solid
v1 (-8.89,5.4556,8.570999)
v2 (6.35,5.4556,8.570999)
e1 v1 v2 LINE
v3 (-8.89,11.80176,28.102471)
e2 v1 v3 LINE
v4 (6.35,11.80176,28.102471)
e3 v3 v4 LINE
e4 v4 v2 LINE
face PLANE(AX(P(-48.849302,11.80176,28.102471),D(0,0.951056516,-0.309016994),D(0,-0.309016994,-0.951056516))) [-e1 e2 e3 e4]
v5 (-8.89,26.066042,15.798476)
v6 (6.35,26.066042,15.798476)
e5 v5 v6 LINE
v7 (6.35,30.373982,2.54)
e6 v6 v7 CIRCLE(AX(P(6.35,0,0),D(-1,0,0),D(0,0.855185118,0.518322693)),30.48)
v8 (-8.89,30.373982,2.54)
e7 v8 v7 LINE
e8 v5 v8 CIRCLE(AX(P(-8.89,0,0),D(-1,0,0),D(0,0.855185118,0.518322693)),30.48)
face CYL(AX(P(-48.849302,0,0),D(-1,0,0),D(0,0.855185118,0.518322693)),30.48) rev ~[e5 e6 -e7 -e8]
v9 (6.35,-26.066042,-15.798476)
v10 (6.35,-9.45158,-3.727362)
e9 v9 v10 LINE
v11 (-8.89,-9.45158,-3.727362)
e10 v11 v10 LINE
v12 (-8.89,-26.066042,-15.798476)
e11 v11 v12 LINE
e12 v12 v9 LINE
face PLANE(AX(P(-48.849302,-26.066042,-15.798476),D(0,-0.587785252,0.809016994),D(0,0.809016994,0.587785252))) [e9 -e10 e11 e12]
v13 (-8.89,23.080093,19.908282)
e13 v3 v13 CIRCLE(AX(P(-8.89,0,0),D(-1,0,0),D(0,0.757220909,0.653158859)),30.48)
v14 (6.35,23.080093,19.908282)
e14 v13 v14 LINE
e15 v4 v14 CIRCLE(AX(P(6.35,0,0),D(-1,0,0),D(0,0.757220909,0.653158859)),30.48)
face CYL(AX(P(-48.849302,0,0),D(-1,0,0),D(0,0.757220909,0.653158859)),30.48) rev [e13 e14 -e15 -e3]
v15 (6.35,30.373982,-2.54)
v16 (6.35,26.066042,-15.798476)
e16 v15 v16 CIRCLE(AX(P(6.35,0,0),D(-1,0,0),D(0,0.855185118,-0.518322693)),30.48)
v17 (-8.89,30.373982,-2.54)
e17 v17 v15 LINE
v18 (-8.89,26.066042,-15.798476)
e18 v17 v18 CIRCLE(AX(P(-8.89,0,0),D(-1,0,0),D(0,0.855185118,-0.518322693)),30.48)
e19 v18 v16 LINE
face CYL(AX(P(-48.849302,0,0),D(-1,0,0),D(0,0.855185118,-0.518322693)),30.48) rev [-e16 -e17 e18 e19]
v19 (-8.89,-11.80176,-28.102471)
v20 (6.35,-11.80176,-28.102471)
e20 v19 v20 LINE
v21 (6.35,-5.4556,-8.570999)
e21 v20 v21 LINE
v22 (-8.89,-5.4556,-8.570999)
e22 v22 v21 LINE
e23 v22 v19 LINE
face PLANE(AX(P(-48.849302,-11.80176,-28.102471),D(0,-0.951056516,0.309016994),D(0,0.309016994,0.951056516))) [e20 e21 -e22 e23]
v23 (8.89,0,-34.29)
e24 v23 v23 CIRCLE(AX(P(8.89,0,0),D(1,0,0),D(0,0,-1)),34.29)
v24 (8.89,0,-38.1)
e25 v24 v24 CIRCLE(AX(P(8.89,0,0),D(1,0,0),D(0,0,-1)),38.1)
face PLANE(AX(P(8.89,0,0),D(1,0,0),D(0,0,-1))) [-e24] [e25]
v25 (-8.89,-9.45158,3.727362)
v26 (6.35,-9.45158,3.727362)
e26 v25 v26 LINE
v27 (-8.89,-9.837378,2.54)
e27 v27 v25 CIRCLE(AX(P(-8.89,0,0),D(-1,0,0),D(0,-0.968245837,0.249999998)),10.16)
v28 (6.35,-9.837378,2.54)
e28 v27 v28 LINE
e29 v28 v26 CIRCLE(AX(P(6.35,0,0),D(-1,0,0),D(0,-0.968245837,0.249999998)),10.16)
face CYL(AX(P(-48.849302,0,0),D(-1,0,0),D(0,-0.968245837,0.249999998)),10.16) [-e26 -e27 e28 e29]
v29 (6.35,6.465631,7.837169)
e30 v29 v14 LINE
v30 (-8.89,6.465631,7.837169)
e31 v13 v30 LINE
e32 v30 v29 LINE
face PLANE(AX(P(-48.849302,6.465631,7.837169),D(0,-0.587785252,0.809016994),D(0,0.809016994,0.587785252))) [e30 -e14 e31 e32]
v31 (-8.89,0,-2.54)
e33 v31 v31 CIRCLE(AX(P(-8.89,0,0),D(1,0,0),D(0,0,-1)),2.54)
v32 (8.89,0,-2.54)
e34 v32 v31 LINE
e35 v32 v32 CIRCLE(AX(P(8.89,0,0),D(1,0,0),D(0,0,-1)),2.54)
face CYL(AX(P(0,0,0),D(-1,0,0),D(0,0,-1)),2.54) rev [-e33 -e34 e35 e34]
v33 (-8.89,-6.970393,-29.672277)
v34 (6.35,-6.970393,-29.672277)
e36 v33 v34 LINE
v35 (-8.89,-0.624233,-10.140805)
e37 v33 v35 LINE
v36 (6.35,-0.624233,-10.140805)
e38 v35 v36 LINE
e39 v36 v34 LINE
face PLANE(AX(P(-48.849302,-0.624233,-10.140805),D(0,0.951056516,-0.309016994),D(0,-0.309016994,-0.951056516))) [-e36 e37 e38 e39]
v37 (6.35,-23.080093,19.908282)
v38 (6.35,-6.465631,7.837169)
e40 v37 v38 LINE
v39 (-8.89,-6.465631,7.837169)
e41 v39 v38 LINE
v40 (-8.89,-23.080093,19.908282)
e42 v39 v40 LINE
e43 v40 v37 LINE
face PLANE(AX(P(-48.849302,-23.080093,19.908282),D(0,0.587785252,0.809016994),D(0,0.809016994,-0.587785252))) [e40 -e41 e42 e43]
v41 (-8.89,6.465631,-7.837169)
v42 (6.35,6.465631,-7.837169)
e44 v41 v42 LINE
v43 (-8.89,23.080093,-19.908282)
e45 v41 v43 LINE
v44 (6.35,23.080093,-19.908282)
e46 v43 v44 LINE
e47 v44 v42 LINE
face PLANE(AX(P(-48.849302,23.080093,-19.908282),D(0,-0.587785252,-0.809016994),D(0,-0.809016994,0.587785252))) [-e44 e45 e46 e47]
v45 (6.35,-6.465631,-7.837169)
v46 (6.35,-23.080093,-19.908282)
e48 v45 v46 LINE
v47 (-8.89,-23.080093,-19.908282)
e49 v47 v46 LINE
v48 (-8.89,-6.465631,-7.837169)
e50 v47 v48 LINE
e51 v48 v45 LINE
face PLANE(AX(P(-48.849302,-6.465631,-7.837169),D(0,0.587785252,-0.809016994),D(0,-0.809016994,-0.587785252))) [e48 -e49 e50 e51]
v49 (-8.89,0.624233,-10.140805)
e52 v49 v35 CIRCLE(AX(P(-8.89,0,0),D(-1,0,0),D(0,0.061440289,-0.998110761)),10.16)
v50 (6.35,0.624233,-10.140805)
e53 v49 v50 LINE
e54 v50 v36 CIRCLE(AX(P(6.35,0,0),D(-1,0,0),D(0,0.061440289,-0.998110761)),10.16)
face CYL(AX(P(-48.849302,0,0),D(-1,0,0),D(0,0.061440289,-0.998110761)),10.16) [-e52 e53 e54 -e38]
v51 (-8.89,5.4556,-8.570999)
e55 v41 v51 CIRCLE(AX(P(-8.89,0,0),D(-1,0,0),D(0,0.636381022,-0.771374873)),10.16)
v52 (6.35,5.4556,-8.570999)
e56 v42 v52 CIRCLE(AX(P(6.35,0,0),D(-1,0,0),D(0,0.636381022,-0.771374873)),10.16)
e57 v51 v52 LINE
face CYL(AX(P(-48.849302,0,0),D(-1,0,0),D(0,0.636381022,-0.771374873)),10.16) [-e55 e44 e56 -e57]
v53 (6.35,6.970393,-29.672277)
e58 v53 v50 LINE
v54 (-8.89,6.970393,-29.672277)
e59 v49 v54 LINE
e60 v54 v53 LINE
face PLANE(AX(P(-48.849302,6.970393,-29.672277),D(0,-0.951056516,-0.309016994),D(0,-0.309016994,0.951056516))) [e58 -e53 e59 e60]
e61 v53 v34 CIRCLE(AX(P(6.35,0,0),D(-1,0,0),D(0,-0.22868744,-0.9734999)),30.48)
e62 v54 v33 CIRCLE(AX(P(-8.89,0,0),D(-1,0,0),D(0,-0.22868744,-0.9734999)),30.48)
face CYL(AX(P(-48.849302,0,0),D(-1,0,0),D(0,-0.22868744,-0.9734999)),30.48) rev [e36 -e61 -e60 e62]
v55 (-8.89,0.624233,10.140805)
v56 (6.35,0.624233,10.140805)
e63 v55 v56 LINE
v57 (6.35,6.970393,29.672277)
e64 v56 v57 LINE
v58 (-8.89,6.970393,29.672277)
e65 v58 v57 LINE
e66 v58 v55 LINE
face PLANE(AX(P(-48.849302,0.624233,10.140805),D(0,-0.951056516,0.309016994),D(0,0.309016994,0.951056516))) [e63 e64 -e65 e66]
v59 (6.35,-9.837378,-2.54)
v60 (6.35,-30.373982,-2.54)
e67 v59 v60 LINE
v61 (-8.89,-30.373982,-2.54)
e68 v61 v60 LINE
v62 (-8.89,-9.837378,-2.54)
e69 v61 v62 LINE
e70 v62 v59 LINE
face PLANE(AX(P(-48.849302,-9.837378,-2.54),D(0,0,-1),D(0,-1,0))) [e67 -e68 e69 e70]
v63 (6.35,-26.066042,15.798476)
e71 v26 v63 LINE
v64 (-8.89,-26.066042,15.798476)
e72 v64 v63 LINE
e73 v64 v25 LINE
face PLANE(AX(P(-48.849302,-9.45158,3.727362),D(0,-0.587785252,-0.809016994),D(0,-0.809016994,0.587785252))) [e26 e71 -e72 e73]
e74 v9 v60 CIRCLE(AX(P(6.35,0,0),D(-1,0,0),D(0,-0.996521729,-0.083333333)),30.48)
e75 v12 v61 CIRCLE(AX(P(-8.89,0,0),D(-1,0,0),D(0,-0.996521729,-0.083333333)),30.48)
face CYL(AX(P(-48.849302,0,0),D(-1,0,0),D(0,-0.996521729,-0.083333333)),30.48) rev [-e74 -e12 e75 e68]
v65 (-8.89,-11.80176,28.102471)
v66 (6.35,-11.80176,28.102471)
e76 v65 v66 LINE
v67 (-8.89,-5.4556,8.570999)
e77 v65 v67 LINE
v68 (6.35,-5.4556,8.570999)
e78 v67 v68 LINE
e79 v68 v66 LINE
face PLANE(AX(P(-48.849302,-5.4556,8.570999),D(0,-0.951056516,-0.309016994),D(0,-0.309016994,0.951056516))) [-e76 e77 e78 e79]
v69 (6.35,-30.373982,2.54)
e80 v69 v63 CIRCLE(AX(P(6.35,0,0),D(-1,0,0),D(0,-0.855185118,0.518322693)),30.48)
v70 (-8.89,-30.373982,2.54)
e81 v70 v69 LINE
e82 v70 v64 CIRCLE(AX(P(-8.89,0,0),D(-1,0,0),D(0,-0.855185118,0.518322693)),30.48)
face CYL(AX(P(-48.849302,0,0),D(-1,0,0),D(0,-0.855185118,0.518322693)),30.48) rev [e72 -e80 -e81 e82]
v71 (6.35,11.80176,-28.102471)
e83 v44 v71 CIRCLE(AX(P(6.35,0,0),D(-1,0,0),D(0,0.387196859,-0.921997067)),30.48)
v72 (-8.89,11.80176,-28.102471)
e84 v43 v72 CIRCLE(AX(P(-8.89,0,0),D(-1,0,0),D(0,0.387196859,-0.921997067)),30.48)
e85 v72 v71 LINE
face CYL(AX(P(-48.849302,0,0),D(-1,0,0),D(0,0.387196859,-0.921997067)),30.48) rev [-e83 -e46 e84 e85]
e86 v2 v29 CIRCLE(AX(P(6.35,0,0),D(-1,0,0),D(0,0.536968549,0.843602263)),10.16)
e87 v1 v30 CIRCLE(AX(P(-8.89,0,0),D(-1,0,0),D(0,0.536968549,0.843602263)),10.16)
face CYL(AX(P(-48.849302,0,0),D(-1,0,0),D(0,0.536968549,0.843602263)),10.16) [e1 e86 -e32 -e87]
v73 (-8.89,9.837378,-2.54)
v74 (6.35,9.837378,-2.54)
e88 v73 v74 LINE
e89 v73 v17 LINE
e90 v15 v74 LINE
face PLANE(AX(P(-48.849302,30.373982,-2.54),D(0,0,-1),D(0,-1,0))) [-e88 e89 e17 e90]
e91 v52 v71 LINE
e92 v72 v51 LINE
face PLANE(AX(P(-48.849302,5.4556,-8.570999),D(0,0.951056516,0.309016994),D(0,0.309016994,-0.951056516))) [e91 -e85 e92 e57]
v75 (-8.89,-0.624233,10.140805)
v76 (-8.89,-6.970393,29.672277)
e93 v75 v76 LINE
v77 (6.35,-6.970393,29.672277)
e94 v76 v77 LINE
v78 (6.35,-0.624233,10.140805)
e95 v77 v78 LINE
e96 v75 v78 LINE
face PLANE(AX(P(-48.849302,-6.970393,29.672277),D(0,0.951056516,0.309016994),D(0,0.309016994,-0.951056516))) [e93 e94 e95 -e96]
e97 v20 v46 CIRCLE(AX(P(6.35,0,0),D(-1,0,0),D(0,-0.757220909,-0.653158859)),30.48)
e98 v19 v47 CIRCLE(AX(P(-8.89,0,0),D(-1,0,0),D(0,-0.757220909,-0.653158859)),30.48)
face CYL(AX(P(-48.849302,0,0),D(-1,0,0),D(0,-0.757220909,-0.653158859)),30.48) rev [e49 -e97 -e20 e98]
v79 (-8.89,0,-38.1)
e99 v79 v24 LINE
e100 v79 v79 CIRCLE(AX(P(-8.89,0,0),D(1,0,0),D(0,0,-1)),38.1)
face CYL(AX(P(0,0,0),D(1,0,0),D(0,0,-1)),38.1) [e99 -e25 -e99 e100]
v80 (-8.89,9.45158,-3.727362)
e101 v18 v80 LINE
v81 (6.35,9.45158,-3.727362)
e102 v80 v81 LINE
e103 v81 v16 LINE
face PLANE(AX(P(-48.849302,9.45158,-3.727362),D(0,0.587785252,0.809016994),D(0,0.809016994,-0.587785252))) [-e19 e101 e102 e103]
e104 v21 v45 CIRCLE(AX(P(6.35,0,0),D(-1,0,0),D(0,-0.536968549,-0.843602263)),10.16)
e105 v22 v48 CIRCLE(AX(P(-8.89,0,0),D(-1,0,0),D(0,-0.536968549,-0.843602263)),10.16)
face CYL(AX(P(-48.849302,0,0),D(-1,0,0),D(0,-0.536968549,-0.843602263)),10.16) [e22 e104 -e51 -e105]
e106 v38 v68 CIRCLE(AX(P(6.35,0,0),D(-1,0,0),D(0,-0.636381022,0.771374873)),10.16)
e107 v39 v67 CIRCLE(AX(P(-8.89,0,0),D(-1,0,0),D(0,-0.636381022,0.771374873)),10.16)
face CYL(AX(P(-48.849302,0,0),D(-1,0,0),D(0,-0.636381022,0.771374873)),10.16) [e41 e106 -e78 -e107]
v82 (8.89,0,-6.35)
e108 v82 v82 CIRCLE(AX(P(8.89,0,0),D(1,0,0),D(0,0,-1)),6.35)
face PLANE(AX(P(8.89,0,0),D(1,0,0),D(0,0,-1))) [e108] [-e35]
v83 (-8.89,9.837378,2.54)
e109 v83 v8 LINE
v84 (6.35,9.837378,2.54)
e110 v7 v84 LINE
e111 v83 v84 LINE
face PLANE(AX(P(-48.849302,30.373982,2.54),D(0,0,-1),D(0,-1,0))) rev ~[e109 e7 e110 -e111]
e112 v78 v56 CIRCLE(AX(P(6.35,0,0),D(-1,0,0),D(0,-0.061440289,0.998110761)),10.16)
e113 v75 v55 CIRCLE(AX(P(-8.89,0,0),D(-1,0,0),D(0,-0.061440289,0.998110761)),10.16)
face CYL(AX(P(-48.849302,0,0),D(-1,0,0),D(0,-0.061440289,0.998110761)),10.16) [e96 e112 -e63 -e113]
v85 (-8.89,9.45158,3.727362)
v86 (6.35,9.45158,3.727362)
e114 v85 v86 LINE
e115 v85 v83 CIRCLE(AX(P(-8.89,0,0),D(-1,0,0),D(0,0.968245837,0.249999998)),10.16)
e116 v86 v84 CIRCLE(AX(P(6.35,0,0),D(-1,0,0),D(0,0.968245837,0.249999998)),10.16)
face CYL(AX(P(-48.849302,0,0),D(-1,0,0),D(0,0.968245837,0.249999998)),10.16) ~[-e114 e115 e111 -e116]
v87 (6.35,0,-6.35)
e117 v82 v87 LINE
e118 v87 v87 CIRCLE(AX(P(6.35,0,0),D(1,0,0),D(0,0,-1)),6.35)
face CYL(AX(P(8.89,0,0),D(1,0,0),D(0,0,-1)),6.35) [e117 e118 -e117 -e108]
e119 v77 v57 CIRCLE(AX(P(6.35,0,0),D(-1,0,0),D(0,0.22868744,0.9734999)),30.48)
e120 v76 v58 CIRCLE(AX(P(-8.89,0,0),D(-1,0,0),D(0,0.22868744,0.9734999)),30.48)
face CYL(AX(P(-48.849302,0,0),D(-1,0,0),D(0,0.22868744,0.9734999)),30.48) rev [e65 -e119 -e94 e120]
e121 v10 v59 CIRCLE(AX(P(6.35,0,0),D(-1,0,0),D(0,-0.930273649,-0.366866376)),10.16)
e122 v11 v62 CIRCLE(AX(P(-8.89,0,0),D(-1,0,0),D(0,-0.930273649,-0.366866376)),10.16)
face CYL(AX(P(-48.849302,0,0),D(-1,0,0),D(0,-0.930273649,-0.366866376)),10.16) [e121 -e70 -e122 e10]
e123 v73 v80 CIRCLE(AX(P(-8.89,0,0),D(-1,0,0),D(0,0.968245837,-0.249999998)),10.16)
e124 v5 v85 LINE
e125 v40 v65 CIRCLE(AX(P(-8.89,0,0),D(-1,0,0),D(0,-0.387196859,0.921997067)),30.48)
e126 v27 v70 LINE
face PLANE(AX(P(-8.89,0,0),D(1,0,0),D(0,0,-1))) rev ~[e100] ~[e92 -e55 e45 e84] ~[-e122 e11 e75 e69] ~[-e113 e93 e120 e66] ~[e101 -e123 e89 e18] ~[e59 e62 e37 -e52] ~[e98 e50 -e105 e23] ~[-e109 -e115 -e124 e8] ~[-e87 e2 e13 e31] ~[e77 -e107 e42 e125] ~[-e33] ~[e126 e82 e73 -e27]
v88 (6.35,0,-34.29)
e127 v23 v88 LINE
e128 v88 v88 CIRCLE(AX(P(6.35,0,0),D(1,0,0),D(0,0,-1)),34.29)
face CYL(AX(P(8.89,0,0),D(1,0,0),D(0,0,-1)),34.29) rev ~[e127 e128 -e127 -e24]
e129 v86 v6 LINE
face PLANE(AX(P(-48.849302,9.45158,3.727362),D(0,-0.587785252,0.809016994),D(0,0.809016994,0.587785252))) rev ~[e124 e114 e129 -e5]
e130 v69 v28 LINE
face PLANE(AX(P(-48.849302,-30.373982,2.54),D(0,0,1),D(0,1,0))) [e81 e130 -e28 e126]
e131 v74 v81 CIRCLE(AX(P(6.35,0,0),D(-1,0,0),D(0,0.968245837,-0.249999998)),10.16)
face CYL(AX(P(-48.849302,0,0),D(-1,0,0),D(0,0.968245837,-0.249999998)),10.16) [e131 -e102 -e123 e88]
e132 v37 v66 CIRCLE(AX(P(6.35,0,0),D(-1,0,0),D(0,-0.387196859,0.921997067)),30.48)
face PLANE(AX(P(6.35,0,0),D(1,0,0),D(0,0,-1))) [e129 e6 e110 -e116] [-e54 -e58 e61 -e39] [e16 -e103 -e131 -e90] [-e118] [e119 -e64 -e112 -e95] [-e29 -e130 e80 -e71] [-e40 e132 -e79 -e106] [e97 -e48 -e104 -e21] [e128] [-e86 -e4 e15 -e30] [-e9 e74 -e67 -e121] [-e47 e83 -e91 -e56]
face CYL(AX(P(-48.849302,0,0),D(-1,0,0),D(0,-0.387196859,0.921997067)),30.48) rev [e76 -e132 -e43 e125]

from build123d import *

# Parameters (mm, degrees)
SKETCH1_R               = 38.1
SKETCH1_R_2             = 2.54
BOSS_EXTRUDE1_DEPTH     = 8.89
CUT_EXTRUDE1_DEPTH      = 57.739302075
CUT_EXTRUDE1_DEPTH_BACK = 57.739302075
SKETCH3_R               = 34.29
SKETCH3_R_2             = 6.35
CUT_EXTRUDE2_DEPTH      = 2.54


with BuildPart() as part:
    # Sketch1 → Boss-Extrude1 (new, symmetric)
    with BuildSketch(Plane(origin=(0, 0, 0), x_dir=(0, 0, -1), z_dir=(1, 0, 0))):
        Circle(SKETCH1_R)
        Circle(SKETCH1_R_2, mode=Mode.SUBTRACT)
    extrude(amount=BOSS_EXTRUDE1_DEPTH, both=True)

    # Sketch2 → Cut-Extrude1 (cut, two sides: drawn at the far end of the back side and taken through both)
    with BuildSketch(Plane(origin=(8.89, 0, 0), x_dir=(0, 0, -1), z_dir=(1, 0, 0)).offset(-CUT_EXTRUDE1_DEPTH_BACK)):
        with BuildLine():
            Line((-2.54, 30.373982287), (-2.54, 9.837377699))
            ThreePointArc((-2.54, 9.837377699), (-3.139612663, 9.662734206), (-3.727362367, 9.45158028))
            Line((-3.727362367, 9.45158028), (-15.798475676, 26.066042398))
            ThreePointArc((-15.798475676, 26.066042398), (-9.418837989, 28.988202617), (-2.54, 30.373982287))
        make_face()
        with BuildLine():
            Line((2.54, 30.373982287), (2.54, 9.837377699))
            ThreePointArc((2.54, 9.837377699), (3.139612663, 9.662734206), (3.727362367, 9.45158028))
            Line((3.727362367, 9.45158028), (15.798475676, 26.066042398))
            ThreePointArc((15.798475676, 26.066042398), (9.418837989, 28.988202617), (2.54, 30.373982287))
        make_face()
        with BuildLine():
            Line((19.908282008, 23.080093317), (7.837168699, 6.465631198))
            ThreePointArc((7.837168699, 6.465631198), (8.219612663, 5.971898163), (8.570998999, 5.455600441))
            Line((8.570998999, 5.455600441), (28.102470615, 11.801760265))
            ThreePointArc((28.102470615, 11.801760265), (24.658837989, 17.91569449), (19.908282008, 23.080093317))
        make_face()
        with BuildLine():
            Line((29.672276946, 6.970393162), (10.14080533, 0.624233338))
            ThreePointArc((10.14080533, 0.624233338), (10.16, 0), (10.14080533, -0.624233338))
            Line((10.14080533, -0.624233338), (29.672276946, -6.970393162))
            ThreePointArc((29.672276946, -6.970393162), (30.48, 0), (29.672276946, 6.970393162))
        make_face()
        with BuildLine():
            Line((28.102470615, -11.801760265), (8.570998999, -5.455600441))
            ThreePointArc((8.570998999, -5.455600441), (8.219612663, -5.971898163), (7.837168699, -6.465631198))
            Line((7.837168699, -6.465631198), (19.908282008, -23.080093317))
            ThreePointArc((19.908282008, -23.080093317), (24.658837989, -17.91569449), (28.102470615, -11.801760265))
        make_face()
        with BuildLine():
            Line((15.798475676, -26.066042398), (3.727362367, -9.45158028))
            ThreePointArc((3.727362367, -9.45158028), (3.139612663, -9.662734206), (2.54, -9.837377699))
            Line((2.54, -9.837377699), (2.54, -30.373982287))
            ThreePointArc((2.54, -30.373982287), (9.418837989, -28.988202617), (15.798475676, -26.066042398))
        make_face()
        with BuildLine():
            Line((-2.54, -30.373982287), (-2.54, -9.837377699))
            ThreePointArc((-2.54, -9.837377699), (-3.139612663, -9.662734206), (-3.727362367, -9.45158028))
            Line((-3.727362367, -9.45158028), (-15.798475676, -26.066042398))
            ThreePointArc((-15.798475676, -26.066042398), (-9.418837989, -28.988202617), (-2.54, -30.373982287))
        make_face()
        with BuildLine():
            Line((-19.908282008, -23.080093317), (-7.837168699, -6.465631198))
            ThreePointArc((-7.837168699, -6.465631198), (-8.219612663, -5.971898163), (-8.570998999, -5.455600441))
            Line((-8.570998999, -5.455600441), (-28.102470615, -11.801760265))
            ThreePointArc((-28.102470615, -11.801760265), (-24.658837989, -17.91569449), (-19.908282008, -23.080093317))
        make_face()
        with BuildLine():
            Line((-29.672276946, -6.970393162), (-10.14080533, -0.624233338))
            ThreePointArc((-10.14080533, -0.624233338), (-10.16, 0), (-10.14080533, 0.624233338))
            Line((-10.14080533, 0.624233338), (-29.672276946, 6.970393162))
            ThreePointArc((-29.672276946, 6.970393162), (-30.48, 0), (-29.672276946, -6.970393162))
        make_face()
        with BuildLine():
            Line((-28.102470615, 11.801760265), (-8.570998999, 5.455600441))
            ThreePointArc((-8.570998999, 5.455600441), (-8.219612663, 5.971898163), (-7.837168699, 6.465631198))
            Line((-7.837168699, 6.465631198), (-19.908282008, 23.080093317))
            ThreePointArc((-19.908282008, 23.080093317), (-24.658837989, 17.91569449), (-28.102470615, 11.801760265))
        make_face()
    extrude(amount=CUT_EXTRUDE1_DEPTH + CUT_EXTRUDE1_DEPTH_BACK, mode=Mode.SUBTRACT)

    # Sketch3 → Cut-Extrude2 (cut)
    with BuildSketch(Plane(origin=(8.89, 0, 0), x_dir=(0, 0, -1), z_dir=(1, 0, 0))):
        Circle(SKETCH3_R)
        Circle(SKETCH3_R_2, mode=Mode.SUBTRACT)
    extrude(amount=-CUT_EXTRUDE2_DEPTH, mode=Mode.SUBTRACT)


solid = part.part
